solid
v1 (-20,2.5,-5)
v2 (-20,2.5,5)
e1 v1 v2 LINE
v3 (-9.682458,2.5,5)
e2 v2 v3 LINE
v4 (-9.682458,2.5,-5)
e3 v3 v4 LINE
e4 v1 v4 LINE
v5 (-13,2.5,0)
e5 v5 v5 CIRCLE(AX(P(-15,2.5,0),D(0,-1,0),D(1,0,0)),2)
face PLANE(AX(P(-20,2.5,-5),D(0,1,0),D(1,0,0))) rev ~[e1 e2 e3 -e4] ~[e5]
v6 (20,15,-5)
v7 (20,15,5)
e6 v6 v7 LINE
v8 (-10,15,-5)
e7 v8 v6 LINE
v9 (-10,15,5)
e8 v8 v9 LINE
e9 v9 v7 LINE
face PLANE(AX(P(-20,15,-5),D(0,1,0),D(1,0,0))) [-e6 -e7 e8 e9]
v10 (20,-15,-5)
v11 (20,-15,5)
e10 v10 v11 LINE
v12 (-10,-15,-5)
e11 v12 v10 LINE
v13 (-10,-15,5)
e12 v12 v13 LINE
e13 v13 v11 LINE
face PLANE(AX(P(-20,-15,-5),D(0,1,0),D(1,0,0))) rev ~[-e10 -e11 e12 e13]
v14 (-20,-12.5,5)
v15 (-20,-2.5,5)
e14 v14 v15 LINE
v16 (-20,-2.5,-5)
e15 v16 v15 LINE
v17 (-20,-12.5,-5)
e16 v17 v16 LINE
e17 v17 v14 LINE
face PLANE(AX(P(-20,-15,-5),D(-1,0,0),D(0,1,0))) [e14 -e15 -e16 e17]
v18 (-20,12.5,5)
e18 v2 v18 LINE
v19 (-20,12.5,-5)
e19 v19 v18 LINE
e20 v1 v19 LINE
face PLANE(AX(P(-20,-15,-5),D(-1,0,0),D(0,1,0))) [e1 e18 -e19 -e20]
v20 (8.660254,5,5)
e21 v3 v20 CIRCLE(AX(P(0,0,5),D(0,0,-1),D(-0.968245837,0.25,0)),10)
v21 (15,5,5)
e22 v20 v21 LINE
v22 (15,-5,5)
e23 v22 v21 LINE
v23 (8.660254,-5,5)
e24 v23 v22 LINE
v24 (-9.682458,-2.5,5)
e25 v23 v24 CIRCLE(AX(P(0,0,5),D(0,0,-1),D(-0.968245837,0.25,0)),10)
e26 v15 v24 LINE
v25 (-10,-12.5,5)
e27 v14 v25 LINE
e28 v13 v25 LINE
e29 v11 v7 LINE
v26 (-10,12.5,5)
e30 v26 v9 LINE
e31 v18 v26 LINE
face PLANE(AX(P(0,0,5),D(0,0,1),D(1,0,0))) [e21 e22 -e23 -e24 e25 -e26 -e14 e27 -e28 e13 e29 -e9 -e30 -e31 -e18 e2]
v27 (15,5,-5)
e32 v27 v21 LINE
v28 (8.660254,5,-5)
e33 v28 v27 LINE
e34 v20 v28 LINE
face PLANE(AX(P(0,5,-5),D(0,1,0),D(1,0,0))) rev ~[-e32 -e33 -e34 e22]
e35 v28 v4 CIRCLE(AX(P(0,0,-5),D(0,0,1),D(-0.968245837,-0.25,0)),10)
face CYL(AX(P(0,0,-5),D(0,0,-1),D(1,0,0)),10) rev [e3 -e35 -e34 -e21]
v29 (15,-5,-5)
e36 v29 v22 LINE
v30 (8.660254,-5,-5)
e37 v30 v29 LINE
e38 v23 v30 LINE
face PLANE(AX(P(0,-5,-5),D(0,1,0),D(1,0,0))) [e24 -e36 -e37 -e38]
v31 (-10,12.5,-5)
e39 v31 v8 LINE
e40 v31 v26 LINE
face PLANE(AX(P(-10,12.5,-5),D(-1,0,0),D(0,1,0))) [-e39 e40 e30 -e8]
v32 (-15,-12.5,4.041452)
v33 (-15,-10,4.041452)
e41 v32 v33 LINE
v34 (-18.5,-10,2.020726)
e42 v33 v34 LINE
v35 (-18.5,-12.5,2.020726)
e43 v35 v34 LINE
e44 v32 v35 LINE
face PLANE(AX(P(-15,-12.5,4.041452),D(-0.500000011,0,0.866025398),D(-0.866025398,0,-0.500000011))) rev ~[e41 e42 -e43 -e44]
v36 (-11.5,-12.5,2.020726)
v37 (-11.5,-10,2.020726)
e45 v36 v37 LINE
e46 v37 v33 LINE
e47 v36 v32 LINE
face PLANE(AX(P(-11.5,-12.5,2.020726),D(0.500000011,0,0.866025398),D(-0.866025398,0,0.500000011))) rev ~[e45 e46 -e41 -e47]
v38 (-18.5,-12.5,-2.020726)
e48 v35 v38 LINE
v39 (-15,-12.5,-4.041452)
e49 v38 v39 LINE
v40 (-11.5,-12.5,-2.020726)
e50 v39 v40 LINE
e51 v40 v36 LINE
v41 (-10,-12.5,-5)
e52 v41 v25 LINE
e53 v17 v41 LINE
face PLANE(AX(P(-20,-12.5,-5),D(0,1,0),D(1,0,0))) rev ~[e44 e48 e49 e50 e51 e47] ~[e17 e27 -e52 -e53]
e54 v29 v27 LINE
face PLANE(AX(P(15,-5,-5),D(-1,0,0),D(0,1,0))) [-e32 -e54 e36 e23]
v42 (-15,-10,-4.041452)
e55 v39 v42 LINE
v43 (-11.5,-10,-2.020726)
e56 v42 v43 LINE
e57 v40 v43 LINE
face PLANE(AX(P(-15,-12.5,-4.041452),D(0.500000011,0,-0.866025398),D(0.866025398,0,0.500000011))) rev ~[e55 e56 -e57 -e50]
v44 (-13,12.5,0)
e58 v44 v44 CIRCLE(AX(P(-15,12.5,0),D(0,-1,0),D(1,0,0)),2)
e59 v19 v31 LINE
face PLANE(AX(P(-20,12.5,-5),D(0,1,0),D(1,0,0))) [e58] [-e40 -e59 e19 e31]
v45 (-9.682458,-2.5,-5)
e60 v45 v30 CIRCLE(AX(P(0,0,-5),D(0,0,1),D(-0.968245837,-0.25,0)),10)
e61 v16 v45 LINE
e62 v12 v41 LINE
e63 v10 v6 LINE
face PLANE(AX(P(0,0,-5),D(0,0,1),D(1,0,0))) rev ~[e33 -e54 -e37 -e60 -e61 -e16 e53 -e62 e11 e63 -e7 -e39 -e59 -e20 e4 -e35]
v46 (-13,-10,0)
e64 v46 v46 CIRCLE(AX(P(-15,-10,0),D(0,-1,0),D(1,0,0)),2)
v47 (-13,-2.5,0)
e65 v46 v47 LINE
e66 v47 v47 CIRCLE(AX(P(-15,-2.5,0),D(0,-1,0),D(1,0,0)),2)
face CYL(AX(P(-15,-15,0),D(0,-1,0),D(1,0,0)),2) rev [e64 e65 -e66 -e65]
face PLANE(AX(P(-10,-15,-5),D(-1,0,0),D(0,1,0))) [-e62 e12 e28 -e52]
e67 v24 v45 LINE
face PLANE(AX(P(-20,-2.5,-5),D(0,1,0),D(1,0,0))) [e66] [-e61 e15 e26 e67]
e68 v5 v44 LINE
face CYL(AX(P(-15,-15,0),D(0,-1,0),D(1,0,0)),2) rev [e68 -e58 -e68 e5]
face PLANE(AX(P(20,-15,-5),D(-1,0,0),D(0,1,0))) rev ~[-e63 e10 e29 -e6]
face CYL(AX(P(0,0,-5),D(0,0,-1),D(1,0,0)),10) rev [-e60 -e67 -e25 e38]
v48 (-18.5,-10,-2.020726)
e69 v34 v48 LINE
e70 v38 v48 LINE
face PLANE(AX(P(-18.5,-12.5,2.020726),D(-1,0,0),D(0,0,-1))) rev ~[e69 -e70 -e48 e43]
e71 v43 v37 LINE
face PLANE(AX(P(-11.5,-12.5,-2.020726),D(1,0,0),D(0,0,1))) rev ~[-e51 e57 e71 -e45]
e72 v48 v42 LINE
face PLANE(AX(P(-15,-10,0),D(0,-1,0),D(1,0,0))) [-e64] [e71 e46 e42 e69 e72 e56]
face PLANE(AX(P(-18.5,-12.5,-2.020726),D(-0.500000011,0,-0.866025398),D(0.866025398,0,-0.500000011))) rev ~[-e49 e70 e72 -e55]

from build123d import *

# Parameters (mm, degrees)
CYLINDER_R             = 10
CYLINDER_DEPTH         = 10
CYLINDER001_R          = 2
CYLINDER001_DEPTH      = 30
CYLINDER001_ROLL_ANGLE = -90
BOX002_W               = 10
BOX002_H               = 2.5
BOX002_DEPTH           = 10
BOX003_W               = 10
BOX003_H               = 2.5
BOX003_DEPTH           = 10
PAD_DEPTH              = 2.5
BOX004_W               = 15
BOX004_H               = 10
BOX004_DEPTH           = 10
BOX001_W               = 15
BOX001_H               = 5
BOX001_DEPTH           = 10
BOX_W                  = 40
BOX_H                  = 30
BOX_DEPTH              = 10


with BuildPart() as cylinder:
    # Cylinder → Cylinder (new body)
    with BuildSketch(Plane.XY.offset(-5)):
        Circle(CYLINDER_R)
    extrude(amount=CYLINDER_DEPTH)


with BuildPart() as cylinder001:
    # Cylinder001 → Cylinder001 (new body)
    with BuildSketch(Plane.XY):
        Circle(CYLINDER001_R)
    extrude(amount=CYLINDER001_DEPTH)


with BuildPart() as cylinder001_1:
    # Cylinder001 roll: moved
    add(cylinder001.part.rotate(Axis((0, 0, 0), (1, 0, 0)), CYLINDER001_ROLL_ANGLE))


with BuildPart() as cylinder001_2:
    # Cylinder001 placement: moved
    add(cylinder001_1.part.moved(Location((-15, -15, 0))))


with BuildPart() as cube002:
    # Box002 → Box002 (new body)
    with BuildSketch(Plane(origin=(-20, 12.5, -5), x_dir=(1, 0, 0), z_dir=(0, 0, 1))):
        with Locations((5, 1.25)):
            Rectangle(BOX002_W, BOX002_H)
    extrude(amount=BOX002_DEPTH)


with BuildPart() as cube003:
    # Box003 → Box003 (new body)
    with BuildSketch(Plane(origin=(-20, -15, -5), x_dir=(1, 0, 0), z_dir=(0, 0, 1))):
        with Locations((5, 1.25)):
            Rectangle(BOX003_W, BOX003_H)
    extrude(amount=BOX003_DEPTH)


with BuildPart() as body:
    # Sketch → Pad (new body)
    with BuildSketch(Plane.XZ):
        Polygon((0, -4.041452), (3.5, -2.020726), (3.5, 2.020726), (0, 4.041452), (-3.5, 2.020726), (-3.5, -2.020726), align=None)
    extrude(amount=-PAD_DEPTH)


with BuildPart() as body_1:
    # Body placement: moved
    add(body.part.moved(Location((-15, -12.5, 0))))


with BuildPart() as cube004:
    # Box004 → Box004 (new body)
    with BuildSketch(Plane(origin=(0, -5, -5), x_dir=(1, 0, 0), z_dir=(0, 0, 1))):
        with Locations((7.5, 5)):
            Rectangle(BOX004_W, BOX004_H)
    extrude(amount=BOX004_DEPTH)


with BuildPart() as negative_fusion:
    # Box001 → Box001 (new body)
    with BuildSketch(Plane(origin=(-20, -2.5, -5), x_dir=(1, 0, 0), z_dir=(0, 0, 1))):
        with Locations((7.5, 2.5)):
            Rectangle(BOX001_W, BOX001_H)
    extrude(amount=BOX001_DEPTH)

    # Fusion: union Cylinder, Cylinder001, Cube002, Cube003, Body, Cube004
    add(cylinder.part)
    add(cylinder001_2.part)
    add(cube002.part)
    add(cube003.part)
    add(body_1.part)
    add(cube004.part)


with BuildPart() as cut:
    # Box → Box (new body)
    with BuildSketch(Plane(origin=(-20, -15, -5), x_dir=(1, 0, 0), z_dir=(0, 0, 1))):
        with Locations((20, 15)):
            Rectangle(BOX_W, BOX_H)
    extrude(amount=BOX_DEPTH)

    # Cut: cut Negative Fusion
    add(negative_fusion.part, mode=Mode.SUBTRACT)


solid = cut.part
